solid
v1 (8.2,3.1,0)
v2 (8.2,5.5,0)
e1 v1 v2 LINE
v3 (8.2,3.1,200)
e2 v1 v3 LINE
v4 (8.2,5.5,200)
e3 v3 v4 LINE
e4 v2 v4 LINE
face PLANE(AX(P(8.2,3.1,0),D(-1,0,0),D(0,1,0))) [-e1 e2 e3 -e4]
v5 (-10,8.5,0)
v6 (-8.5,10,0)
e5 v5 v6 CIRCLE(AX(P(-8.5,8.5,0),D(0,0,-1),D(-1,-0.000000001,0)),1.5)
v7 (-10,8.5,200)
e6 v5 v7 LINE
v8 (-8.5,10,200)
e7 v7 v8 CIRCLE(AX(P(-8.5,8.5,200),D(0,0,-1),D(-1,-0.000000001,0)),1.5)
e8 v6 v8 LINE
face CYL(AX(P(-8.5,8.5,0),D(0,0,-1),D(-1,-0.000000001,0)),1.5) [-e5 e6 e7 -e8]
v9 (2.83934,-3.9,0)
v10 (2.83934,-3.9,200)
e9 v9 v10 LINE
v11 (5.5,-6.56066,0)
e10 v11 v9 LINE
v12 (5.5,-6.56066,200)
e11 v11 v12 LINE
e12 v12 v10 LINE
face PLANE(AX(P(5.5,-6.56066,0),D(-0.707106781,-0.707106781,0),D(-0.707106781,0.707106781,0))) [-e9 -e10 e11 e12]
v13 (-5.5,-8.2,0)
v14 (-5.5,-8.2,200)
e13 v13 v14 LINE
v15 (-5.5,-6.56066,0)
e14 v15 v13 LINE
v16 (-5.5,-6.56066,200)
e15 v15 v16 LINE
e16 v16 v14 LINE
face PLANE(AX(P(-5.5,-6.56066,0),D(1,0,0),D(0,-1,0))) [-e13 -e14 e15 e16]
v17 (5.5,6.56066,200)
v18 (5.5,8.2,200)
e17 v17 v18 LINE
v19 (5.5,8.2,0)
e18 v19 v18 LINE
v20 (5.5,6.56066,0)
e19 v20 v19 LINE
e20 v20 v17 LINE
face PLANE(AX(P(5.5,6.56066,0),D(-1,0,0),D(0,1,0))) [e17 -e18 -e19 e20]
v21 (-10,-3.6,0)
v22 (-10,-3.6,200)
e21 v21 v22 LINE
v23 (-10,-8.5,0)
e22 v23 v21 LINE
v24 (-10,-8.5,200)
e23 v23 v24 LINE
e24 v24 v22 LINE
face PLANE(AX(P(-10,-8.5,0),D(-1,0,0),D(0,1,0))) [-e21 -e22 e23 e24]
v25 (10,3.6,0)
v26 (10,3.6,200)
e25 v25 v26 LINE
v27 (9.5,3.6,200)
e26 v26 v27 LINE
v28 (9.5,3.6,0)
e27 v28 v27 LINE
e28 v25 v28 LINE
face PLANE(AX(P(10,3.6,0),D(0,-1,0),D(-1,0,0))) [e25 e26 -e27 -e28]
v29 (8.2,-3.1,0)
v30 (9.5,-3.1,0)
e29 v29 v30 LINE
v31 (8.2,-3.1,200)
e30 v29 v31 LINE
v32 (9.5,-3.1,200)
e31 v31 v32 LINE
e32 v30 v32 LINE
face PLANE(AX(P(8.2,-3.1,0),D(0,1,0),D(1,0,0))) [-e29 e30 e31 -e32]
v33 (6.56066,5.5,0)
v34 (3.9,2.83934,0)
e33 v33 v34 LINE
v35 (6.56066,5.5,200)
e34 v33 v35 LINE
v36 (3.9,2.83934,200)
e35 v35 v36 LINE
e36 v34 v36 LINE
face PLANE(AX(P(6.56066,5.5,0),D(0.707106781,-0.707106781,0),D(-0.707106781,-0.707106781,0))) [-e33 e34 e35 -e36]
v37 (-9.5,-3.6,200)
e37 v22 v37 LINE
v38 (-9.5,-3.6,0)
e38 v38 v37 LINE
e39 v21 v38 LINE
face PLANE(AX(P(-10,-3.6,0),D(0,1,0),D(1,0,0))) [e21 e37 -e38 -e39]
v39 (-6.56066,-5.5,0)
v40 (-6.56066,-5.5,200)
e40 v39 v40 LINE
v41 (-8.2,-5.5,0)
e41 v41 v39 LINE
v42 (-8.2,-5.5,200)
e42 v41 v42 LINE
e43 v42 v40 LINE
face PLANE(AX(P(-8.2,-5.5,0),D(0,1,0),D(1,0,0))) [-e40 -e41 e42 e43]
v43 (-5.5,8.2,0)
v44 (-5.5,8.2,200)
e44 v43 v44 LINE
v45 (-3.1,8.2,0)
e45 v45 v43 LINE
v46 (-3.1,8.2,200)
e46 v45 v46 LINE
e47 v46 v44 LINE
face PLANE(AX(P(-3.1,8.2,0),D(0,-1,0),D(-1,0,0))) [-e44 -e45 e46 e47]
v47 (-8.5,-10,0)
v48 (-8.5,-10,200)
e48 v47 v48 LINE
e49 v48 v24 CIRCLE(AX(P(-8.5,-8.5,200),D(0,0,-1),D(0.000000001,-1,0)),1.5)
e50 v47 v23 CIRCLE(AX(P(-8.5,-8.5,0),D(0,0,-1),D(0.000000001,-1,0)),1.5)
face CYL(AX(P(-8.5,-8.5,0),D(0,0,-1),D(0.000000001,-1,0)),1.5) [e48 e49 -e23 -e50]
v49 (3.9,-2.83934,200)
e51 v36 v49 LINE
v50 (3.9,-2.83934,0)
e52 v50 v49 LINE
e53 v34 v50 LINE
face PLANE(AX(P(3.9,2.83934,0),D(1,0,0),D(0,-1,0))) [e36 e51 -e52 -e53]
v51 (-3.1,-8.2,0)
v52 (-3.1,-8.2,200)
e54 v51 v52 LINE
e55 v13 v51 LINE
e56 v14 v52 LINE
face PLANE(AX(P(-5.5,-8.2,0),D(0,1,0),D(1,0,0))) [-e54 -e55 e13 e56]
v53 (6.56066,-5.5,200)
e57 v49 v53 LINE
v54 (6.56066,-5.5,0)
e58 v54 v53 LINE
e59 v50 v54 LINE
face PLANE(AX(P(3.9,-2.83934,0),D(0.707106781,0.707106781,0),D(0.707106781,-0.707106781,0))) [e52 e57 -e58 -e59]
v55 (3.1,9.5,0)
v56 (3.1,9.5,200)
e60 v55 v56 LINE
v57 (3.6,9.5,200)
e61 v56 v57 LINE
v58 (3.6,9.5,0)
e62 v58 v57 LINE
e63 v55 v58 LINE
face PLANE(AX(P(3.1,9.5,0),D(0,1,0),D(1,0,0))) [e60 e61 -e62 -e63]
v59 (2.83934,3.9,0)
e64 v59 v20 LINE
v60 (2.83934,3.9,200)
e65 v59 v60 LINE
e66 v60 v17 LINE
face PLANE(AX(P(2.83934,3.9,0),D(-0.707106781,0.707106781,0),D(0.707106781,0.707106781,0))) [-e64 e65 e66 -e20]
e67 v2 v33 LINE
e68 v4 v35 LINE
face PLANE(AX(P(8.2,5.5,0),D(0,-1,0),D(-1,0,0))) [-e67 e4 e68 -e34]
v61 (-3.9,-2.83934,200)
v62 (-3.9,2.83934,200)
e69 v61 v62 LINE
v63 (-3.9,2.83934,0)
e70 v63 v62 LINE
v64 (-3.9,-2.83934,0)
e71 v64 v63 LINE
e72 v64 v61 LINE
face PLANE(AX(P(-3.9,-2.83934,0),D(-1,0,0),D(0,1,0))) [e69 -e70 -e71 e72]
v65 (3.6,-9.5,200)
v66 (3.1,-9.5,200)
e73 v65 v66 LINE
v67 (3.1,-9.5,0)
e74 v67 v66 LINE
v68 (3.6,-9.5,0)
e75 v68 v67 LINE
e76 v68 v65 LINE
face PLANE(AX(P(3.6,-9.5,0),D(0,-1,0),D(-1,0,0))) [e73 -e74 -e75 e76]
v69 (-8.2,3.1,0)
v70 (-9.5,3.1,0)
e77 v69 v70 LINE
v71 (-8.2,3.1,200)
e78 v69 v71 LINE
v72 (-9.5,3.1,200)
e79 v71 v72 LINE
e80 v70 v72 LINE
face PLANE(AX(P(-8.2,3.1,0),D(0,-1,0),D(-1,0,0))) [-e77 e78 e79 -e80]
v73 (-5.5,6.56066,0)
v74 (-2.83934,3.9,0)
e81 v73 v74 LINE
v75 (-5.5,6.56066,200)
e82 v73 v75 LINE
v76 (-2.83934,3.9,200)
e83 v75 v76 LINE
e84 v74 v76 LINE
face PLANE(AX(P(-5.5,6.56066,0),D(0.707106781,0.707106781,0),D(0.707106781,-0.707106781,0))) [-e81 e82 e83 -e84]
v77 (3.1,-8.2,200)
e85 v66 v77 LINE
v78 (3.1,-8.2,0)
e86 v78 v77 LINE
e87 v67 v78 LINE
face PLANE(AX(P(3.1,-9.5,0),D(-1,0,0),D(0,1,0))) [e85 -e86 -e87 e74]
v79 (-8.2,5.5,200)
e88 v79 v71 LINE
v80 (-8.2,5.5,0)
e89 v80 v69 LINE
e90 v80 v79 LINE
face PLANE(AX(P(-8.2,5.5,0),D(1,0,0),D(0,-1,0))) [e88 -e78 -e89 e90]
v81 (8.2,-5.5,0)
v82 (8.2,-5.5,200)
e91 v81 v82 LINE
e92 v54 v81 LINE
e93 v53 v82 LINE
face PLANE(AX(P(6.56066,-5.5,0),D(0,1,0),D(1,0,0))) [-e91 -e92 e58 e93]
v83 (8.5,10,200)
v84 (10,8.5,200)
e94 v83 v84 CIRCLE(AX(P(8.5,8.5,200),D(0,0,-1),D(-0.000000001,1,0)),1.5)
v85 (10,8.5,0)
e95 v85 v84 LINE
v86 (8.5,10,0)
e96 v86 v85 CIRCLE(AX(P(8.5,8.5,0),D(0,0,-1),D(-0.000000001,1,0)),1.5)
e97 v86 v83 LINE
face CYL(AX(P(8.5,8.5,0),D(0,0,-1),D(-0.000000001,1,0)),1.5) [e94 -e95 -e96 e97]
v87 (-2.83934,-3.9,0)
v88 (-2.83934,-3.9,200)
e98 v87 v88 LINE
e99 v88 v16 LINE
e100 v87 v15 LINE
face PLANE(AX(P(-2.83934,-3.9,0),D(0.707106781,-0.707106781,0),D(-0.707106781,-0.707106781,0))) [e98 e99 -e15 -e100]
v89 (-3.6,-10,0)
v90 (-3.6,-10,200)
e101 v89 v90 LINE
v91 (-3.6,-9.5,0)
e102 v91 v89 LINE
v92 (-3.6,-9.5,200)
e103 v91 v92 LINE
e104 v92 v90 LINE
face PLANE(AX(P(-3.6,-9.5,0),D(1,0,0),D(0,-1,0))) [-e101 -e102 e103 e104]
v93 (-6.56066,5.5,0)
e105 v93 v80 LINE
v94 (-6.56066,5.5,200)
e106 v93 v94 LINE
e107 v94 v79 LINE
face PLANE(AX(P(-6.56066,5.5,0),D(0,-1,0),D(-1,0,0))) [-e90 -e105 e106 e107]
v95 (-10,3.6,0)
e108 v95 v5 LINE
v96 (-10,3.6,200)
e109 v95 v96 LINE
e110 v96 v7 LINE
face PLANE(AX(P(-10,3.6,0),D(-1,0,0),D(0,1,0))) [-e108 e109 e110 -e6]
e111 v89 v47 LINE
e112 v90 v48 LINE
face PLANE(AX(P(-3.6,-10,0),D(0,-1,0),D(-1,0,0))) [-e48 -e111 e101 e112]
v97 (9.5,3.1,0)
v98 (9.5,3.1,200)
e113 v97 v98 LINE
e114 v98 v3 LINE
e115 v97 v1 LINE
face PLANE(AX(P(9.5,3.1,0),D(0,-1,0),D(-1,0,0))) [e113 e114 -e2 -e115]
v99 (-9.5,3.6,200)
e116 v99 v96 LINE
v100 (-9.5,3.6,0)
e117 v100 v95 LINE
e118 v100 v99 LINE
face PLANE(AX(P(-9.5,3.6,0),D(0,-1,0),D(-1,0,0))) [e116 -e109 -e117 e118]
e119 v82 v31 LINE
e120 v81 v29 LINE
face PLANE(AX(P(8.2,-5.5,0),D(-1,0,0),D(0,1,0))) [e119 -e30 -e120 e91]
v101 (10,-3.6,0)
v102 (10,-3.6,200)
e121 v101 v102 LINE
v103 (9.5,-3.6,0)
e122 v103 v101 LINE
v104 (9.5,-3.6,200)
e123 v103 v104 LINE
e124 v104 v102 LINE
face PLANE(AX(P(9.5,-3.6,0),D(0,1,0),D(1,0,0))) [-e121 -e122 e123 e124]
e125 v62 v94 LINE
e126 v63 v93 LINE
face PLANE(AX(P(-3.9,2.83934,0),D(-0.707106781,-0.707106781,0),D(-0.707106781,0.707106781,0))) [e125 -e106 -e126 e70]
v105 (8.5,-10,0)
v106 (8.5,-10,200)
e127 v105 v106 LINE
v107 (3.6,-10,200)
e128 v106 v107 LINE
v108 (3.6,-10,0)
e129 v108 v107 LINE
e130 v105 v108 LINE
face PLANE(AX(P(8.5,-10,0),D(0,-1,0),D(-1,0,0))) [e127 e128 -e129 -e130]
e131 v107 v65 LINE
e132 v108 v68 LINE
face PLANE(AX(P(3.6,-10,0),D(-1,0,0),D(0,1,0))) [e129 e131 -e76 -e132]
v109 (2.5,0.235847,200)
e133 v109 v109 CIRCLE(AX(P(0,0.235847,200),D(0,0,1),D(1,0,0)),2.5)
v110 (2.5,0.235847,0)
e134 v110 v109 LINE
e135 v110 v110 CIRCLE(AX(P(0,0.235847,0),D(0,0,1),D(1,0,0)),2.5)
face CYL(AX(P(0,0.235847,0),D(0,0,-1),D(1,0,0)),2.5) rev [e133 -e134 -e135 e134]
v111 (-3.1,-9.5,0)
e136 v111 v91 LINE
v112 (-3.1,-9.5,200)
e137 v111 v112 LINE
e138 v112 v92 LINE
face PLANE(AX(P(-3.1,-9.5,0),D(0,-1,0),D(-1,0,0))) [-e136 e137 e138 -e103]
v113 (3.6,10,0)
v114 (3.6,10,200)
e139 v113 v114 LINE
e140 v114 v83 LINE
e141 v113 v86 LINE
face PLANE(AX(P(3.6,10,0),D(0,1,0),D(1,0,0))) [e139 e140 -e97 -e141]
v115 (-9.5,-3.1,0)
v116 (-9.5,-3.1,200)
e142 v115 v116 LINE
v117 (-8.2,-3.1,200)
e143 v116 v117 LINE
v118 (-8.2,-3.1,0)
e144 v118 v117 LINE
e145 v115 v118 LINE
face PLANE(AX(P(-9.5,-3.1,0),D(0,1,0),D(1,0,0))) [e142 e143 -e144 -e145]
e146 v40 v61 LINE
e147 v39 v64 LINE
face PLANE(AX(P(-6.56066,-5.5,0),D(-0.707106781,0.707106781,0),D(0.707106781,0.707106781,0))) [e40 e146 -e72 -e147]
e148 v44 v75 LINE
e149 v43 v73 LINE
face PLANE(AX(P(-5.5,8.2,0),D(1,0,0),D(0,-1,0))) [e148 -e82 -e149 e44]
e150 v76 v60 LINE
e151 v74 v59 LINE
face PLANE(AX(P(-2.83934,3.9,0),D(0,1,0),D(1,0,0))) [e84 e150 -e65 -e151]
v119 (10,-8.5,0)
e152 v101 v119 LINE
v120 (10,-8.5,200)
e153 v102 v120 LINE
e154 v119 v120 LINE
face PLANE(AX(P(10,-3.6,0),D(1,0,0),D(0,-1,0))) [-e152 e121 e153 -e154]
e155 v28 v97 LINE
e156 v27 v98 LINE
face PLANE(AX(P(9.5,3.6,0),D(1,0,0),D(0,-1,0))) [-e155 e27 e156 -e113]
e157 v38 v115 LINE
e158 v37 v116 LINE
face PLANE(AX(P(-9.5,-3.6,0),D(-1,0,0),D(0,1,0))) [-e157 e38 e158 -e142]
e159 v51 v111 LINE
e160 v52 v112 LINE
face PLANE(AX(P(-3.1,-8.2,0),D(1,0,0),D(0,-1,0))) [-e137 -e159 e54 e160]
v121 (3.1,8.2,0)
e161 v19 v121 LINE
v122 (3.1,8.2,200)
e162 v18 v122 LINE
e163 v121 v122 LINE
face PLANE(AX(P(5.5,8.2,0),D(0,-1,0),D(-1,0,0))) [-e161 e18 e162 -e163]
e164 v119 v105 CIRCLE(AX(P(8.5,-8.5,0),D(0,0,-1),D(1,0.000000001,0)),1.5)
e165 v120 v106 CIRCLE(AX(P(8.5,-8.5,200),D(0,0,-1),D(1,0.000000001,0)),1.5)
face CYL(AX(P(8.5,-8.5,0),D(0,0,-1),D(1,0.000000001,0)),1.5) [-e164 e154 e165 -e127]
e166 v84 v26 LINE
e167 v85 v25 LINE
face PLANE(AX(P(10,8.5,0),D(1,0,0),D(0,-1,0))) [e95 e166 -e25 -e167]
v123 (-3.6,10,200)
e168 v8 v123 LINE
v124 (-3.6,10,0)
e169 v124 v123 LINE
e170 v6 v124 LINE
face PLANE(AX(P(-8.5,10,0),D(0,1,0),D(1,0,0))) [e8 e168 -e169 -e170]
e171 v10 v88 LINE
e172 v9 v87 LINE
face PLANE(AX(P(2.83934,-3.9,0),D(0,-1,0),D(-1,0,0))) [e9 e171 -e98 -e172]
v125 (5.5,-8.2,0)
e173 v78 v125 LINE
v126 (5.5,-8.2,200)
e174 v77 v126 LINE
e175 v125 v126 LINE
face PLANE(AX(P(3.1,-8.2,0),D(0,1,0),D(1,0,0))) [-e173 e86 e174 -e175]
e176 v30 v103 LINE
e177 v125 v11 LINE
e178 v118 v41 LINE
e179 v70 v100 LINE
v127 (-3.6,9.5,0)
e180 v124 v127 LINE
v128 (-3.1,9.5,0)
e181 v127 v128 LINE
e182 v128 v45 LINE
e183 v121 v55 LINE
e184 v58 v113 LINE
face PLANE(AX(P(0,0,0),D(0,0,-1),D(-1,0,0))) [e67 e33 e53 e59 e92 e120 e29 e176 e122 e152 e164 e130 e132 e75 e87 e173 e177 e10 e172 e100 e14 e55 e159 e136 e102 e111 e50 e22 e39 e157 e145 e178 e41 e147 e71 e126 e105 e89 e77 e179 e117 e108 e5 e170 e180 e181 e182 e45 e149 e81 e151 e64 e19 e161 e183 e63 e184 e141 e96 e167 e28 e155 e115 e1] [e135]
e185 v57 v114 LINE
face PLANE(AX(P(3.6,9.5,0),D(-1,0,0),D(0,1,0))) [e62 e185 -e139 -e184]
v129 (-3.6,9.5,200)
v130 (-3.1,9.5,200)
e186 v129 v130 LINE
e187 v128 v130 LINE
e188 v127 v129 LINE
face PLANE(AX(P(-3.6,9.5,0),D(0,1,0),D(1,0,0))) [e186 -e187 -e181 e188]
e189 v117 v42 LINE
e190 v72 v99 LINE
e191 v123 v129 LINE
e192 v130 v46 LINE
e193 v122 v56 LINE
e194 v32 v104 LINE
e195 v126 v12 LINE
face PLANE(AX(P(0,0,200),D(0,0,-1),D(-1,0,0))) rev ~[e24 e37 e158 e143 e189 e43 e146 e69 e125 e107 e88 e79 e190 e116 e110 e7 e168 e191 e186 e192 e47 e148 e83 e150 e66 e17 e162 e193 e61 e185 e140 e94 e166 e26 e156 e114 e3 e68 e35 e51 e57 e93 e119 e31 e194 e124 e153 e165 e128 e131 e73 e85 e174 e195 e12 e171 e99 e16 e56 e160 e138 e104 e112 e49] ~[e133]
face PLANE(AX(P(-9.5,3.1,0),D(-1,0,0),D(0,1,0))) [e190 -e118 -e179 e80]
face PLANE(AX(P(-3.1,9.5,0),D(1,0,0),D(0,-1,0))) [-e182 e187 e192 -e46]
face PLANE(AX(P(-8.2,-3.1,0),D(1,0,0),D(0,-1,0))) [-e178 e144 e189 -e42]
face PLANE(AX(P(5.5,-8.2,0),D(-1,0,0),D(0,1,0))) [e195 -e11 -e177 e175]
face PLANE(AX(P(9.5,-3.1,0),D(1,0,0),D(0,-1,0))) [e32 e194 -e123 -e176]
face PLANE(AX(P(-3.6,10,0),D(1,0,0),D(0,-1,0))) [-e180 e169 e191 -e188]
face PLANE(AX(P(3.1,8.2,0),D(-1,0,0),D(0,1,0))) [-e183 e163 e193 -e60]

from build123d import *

# Parameters (mm, degrees)
SKETCH1_R           = 2.5
BOSS_EXTRUDE1_DEPTH = 200


with BuildPart() as part:
    # Sketch1 → Boss-Extrude1 (new body)
    with BuildSketch(Plane.XY):
        with BuildLine():
            Line((2.839339828, 3.9), (5.5, 6.560660172))
            Line((5.5, 6.560660172), (5.5, 8.2))
            Line((5.5, 8.2), (3.1, 8.2))
            Line((3.1, 8.2), (3.1, 9.5))
            Line((3.1, 9.5), (3.6, 9.5))
            Line((3.6, 9.5), (3.6, 10))
            Line((3.6, 10), (8.5, 10))
            ThreePointArc((8.5, 10), (9.560660172, 9.560660172), (10, 8.5))
            Line((10, 8.5), (10, 3.6))
            Line((10, 3.6), (9.5, 3.6))
            Line((9.5, 3.6), (9.5, 3.1))
            Line((9.5, 3.1), (8.2, 3.1))
            Line((8.2, 3.1), (8.2, 5.5))
            Line((8.2, 5.5), (6.560660172, 5.5))
            Line((6.560660172, 5.5), (3.9, 2.839339828))
            Line((3.9, 2.839339828), (3.9, -2.839339828))
            Line((3.9, -2.839339828), (6.560660172, -5.5))
            Line((6.560660172, -5.5), (8.2, -5.5))
            Line((8.2, -5.5), (8.2, -3.1))
            Line((8.2, -3.1), (9.5, -3.1))
            Line((9.5, -3.1), (9.5, -3.6))
            Line((9.5, -3.6), (10, -3.6))
            Line((10, -3.6), (10, -8.5))
            ThreePointArc((10, -8.5), (9.560660172, -9.560660172), (8.5, -10))
            Line((8.5, -10), (3.6, -10))
            Line((3.6, -10), (3.6, -9.5))
            Line((3.6, -9.5), (3.1, -9.5))
            Line((3.1, -9.5), (3.1, -8.2))
            Line((3.1, -8.2), (5.5, -8.2))
            Line((5.5, -8.2), (5.5, -6.560660172))
            Line((5.5, -6.560660172), (2.839339828, -3.9))
            Line((2.839339828, -3.9), (-2.839339828, -3.9))
            Line((-2.839339828, -3.9), (-5.5, -6.560660172))
            Line((-5.5, -6.560660172), (-5.5, -8.2))
            Line((-5.5, -8.2), (-3.1, -8.2))
            Line((-3.1, -8.2), (-3.1, -9.5))
            Line((-3.1, -9.5), (-3.6, -9.5))
            Line((-3.6, -9.5), (-3.6, -10))
            Line((-3.6, -10), (-8.5, -10))
            ThreePointArc((-8.5, -10), (-9.560660172, -9.560660172), (-10, -8.5))
            Line((-10, -8.5), (-10, -3.6))
            Line((-10, -3.6), (-9.5, -3.6))
            Line((-9.5, -3.6), (-9.5, -3.1))
            Line((-9.5, -3.1), (-8.2, -3.1))
            Line((-8.2, -3.1), (-8.2, -5.5))
            Line((-8.2, -5.5), (-6.560660172, -5.5))
            Line((-6.560660172, -5.5), (-3.9, -2.839339828))
            Line((-3.9, -2.839339828), (-3.9, 2.839339828))
            Line((-3.9, 2.839339828), (-6.560660172, 5.5))
            Line((-6.560660172, 5.5), (-8.2, 5.5))
            Line((-8.2, 5.5), (-8.2, 3.1))
            Line((-8.2, 3.1), (-9.5, 3.1))
            Line((-9.5, 3.1), (-9.5, 3.6))
            Line((-9.5, 3.6), (-10, 3.6))
            Line((-10, 3.6), (-10, 8.5))
            ThreePointArc((-10, 8.5), (-9.560660172, 9.560660172), (-8.5, 10))
            Line((-8.5, 10), (-3.6, 10))
            Line((-3.6, 10), (-3.6, 9.5))
            Line((-3.6, 9.5), (-3.1, 9.5))
            Line((-3.1, 9.5), (-3.1, 8.2))
            Line((-3.1, 8.2), (-5.5, 8.2))
            Line((-5.5, 8.2), (-5.5, 6.560660172))
            Line((-5.5, 6.560660172), (-2.839339828, 3.9))
            Line((-2.839339828, 3.9), (2.839339828, 3.9))
        make_face()
        with Locations((0, 0.235847297)):
            Circle(SKETCH1_R, mode=Mode.SUBTRACT)
    extrude(amount=BOSS_EXTRUDE1_DEPTH)


solid = part.part
